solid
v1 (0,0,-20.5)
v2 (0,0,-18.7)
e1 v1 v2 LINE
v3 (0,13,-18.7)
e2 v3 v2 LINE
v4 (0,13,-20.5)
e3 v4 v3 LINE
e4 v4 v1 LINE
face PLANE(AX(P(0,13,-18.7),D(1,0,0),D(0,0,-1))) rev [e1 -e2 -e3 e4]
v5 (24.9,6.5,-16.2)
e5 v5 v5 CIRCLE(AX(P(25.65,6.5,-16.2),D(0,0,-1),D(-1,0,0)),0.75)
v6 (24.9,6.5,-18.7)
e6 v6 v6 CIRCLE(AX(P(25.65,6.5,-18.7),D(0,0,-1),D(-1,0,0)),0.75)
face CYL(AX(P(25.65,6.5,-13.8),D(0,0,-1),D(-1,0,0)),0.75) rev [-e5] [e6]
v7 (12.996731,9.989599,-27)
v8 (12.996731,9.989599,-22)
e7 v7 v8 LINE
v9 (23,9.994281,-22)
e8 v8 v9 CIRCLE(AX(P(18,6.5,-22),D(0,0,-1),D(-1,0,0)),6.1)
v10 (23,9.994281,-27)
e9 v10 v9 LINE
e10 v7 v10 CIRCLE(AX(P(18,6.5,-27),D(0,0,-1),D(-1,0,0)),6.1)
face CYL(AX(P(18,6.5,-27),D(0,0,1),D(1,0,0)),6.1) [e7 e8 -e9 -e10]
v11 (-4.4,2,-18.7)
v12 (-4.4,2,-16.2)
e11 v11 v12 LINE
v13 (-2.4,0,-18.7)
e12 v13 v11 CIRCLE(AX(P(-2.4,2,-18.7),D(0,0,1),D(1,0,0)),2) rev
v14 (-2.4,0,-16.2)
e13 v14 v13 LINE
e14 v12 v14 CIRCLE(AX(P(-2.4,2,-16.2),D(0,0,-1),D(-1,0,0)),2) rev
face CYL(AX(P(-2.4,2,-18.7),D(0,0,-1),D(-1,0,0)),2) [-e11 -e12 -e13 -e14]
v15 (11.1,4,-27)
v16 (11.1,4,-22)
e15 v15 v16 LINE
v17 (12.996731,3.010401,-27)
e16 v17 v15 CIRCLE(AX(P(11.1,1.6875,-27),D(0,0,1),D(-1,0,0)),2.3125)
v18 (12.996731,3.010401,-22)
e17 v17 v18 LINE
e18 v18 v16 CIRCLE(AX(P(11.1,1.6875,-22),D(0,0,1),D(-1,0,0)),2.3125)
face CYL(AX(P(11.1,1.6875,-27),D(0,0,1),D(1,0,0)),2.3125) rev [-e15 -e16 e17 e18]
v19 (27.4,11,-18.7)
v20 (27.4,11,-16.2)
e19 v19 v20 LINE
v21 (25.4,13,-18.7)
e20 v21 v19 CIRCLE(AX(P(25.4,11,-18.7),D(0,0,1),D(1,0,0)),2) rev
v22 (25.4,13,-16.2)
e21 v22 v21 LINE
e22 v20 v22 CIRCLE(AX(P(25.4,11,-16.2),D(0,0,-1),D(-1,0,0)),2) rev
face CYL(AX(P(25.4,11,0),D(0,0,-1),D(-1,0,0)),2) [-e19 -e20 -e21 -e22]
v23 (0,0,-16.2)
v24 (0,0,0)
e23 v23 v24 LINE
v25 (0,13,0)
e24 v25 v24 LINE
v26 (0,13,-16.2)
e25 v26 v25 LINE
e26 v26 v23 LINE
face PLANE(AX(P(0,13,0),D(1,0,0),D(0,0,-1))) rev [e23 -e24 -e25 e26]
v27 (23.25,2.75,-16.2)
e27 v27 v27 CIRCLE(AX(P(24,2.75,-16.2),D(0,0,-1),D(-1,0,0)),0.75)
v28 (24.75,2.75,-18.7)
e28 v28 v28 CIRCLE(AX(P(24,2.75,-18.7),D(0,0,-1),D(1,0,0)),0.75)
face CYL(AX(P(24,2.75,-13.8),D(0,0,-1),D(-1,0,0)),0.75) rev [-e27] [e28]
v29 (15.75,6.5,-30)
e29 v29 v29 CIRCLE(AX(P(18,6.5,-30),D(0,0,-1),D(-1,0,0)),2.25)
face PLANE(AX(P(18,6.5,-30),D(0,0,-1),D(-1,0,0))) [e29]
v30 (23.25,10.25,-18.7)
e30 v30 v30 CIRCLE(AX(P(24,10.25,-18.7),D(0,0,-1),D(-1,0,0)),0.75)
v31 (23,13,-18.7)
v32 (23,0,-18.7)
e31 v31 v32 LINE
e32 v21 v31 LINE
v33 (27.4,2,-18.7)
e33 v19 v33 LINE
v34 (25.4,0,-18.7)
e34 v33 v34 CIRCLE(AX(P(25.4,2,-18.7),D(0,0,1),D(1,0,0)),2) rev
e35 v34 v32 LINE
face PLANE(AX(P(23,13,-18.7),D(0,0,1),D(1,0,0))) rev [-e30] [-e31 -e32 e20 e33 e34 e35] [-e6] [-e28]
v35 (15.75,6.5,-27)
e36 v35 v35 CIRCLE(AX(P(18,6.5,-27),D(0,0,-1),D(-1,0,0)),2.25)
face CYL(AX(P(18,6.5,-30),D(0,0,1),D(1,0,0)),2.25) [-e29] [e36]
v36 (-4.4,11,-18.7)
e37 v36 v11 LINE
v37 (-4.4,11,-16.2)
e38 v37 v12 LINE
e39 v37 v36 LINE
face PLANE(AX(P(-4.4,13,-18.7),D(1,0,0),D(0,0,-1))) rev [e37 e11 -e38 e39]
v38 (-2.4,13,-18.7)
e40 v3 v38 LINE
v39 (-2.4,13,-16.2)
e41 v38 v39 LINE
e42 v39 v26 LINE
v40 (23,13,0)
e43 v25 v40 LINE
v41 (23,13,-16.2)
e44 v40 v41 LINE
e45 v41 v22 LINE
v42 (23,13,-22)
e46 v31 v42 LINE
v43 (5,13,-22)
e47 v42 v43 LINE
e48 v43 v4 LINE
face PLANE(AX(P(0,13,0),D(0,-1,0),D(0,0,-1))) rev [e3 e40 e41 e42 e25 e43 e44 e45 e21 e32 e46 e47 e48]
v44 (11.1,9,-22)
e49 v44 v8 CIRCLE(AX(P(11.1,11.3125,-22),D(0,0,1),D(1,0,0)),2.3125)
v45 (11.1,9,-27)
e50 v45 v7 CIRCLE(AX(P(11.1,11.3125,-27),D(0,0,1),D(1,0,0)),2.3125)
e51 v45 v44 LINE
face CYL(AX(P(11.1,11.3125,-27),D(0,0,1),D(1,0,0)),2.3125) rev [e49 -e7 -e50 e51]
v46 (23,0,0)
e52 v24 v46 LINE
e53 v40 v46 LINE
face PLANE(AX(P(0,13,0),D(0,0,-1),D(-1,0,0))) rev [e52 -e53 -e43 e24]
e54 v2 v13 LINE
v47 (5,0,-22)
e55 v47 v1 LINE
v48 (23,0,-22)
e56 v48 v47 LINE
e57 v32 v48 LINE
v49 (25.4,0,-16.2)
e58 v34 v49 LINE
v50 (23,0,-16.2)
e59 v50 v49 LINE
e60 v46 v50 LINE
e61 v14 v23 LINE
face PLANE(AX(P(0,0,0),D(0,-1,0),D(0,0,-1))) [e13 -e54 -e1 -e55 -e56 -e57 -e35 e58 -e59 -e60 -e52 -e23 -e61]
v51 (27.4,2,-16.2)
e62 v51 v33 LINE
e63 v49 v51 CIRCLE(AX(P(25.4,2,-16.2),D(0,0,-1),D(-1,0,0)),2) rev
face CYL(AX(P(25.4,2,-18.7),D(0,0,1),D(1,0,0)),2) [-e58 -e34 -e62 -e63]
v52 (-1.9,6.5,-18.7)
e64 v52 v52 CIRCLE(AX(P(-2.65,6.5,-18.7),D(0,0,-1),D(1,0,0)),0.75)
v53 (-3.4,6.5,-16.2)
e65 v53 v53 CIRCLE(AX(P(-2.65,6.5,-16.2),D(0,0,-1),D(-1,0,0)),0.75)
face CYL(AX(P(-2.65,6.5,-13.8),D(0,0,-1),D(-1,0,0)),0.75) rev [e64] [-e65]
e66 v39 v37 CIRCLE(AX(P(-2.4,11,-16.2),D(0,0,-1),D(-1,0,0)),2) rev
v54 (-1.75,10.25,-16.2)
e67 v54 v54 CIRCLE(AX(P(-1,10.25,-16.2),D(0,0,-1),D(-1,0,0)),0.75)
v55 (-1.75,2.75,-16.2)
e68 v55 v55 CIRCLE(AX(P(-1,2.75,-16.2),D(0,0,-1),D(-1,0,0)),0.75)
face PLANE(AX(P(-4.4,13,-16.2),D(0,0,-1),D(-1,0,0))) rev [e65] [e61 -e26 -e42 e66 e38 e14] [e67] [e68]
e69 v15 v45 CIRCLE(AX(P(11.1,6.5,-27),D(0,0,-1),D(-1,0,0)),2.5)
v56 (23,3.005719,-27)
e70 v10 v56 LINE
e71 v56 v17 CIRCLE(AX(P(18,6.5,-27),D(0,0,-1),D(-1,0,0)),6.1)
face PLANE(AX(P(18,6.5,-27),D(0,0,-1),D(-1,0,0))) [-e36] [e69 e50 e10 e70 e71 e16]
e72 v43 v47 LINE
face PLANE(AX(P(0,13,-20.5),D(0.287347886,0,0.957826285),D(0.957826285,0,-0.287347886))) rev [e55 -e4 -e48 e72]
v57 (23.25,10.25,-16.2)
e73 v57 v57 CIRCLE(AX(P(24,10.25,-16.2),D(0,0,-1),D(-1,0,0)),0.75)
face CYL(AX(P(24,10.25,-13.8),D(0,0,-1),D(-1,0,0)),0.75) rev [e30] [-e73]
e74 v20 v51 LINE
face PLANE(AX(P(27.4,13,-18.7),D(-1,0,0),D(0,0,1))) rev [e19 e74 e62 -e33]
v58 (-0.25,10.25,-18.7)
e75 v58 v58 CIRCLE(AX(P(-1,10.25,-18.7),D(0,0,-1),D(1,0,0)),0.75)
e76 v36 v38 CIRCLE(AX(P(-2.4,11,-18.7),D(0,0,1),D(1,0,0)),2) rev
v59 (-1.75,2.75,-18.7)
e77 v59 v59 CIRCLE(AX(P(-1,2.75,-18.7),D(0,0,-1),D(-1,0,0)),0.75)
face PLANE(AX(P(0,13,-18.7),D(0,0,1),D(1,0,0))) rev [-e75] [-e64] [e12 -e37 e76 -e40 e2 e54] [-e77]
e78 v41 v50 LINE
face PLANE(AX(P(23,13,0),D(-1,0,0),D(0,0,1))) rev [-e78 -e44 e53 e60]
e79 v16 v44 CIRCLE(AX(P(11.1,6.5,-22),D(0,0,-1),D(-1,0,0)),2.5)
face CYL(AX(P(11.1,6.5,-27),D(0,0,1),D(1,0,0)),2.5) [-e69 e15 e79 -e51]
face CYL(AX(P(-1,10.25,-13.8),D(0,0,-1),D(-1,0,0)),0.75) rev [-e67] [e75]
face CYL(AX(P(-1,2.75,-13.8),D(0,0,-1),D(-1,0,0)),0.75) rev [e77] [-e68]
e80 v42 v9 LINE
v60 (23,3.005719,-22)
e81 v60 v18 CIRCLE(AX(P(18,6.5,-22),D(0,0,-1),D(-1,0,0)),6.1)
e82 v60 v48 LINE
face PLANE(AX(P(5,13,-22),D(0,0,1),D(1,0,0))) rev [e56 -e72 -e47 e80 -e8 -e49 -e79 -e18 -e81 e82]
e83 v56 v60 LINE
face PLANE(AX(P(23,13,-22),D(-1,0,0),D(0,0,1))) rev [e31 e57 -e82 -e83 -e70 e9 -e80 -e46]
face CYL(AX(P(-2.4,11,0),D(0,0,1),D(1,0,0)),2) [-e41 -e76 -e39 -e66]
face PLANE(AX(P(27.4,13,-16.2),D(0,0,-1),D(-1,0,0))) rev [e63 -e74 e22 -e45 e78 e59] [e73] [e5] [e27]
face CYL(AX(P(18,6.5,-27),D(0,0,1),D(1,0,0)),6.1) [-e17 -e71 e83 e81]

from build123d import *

# Parameters (mm, degrees)
BOSS_EXTRUDE1_DEPTH = 13
BOSS_EXTRUDE2_DEPTH = 5
FILLET1_R           = 2
SKETCH3_R           = 0.75
CUT_EXTRUDE1_DEPTH  = 4.9
SKETCH4_R           = 2.25
BOSS_EXTRUDE3_DEPTH = 3


with BuildPart() as part:
    # Sketch1 → Boss-Extrude1 (new body)
    with BuildSketch(Plane(origin=(0, 0, 0), x_dir=(1, 0, 0), z_dir=(0, 1, 0))):
        Polygon((0, 20.5), (5, 22), (11.5, 22), (23, 22), (23, 18.7), (27.4, 18.7), (27.4, 16.2), (23, 16.2), (23, 0), (0, 0), (0, 16.2), (-4.4, 16.2), (-4.4, 18.7), (0, 18.7), align=None)
    extrude(amount=BOSS_EXTRUDE1_DEPTH)

    # Sketch2 → Boss-Extrude2 (add)
    with BuildSketch(Plane(origin=(0, 0, -22), x_dir=(-1, 0, 0), z_dir=(0, 0, -1))):
        with BuildLine():
            Line((-23, 9.994281042), (-23, 3.005718958))
            ThreePointArc((-23, 3.005718958), (-17.997144773, 0.400000668), (-12.996731055, 3.010401189))
            ThreePointArc((-12.996731055, 3.010401189), (-12.16968389, 3.737727457), (-11.1, 4))
            ThreePointArc((-11.1, 4), (-8.6, 6.5), (-11.1, 9))
            ThreePointArc((-11.1, 9), (-12.16968389, 9.262272543), (-12.996731055, 9.989598811))
            ThreePointArc((-12.996731055, 9.989598811), (-17.997144773, 12.599999332), (-23, 9.994281042))
        make_face()
    extrude(amount=BOSS_EXTRUDE2_DEPTH)

    # Fillet1
    fillet1_edges = [part.edges().sort_by_distance(p)[0] for p in [
        (-4.4, 0, -17.45),
        (27.4, 13, -17.45),
        (27.4, 0, -17.45),
        (-4.4, 13, -17.45),
    ]]
    fillet(fillet1_edges, radius=FILLET1_R)

    # Sketch3 → Cut-Extrude1 (cut)
    with BuildSketch(Plane(origin=(0, 0, -18.7), x_dir=(-1, 0, 0), z_dir=(0, 0, -1))):
        with Locations((-25.65, 6.5)):
            Circle(SKETCH3_R)
        with Locations((-24, 10.25)):
            Circle(SKETCH3_R)
        with Locations((-24, 2.75)):
            Circle(SKETCH3_R)
        with Locations((1, 2.75)):
            Circle(SKETCH3_R)
        with Locations((2.65, 6.5)):
            Circle(SKETCH3_R)
        with Locations((1, 10.25)):
            Circle(SKETCH3_R)
    extrude(amount=-CUT_EXTRUDE1_DEPTH, mode=Mode.SUBTRACT)

    # Sketch4 → Boss-Extrude3 (add)
    with BuildSketch(Plane(origin=(0, 0, -27), x_dir=(-1, 0, 0), z_dir=(0, 0, -1))):
        with Locations((-18, 6.5)):
            Circle(SKETCH4_R)
    extrude(amount=BOSS_EXTRUDE3_DEPTH)


solid = part.part
